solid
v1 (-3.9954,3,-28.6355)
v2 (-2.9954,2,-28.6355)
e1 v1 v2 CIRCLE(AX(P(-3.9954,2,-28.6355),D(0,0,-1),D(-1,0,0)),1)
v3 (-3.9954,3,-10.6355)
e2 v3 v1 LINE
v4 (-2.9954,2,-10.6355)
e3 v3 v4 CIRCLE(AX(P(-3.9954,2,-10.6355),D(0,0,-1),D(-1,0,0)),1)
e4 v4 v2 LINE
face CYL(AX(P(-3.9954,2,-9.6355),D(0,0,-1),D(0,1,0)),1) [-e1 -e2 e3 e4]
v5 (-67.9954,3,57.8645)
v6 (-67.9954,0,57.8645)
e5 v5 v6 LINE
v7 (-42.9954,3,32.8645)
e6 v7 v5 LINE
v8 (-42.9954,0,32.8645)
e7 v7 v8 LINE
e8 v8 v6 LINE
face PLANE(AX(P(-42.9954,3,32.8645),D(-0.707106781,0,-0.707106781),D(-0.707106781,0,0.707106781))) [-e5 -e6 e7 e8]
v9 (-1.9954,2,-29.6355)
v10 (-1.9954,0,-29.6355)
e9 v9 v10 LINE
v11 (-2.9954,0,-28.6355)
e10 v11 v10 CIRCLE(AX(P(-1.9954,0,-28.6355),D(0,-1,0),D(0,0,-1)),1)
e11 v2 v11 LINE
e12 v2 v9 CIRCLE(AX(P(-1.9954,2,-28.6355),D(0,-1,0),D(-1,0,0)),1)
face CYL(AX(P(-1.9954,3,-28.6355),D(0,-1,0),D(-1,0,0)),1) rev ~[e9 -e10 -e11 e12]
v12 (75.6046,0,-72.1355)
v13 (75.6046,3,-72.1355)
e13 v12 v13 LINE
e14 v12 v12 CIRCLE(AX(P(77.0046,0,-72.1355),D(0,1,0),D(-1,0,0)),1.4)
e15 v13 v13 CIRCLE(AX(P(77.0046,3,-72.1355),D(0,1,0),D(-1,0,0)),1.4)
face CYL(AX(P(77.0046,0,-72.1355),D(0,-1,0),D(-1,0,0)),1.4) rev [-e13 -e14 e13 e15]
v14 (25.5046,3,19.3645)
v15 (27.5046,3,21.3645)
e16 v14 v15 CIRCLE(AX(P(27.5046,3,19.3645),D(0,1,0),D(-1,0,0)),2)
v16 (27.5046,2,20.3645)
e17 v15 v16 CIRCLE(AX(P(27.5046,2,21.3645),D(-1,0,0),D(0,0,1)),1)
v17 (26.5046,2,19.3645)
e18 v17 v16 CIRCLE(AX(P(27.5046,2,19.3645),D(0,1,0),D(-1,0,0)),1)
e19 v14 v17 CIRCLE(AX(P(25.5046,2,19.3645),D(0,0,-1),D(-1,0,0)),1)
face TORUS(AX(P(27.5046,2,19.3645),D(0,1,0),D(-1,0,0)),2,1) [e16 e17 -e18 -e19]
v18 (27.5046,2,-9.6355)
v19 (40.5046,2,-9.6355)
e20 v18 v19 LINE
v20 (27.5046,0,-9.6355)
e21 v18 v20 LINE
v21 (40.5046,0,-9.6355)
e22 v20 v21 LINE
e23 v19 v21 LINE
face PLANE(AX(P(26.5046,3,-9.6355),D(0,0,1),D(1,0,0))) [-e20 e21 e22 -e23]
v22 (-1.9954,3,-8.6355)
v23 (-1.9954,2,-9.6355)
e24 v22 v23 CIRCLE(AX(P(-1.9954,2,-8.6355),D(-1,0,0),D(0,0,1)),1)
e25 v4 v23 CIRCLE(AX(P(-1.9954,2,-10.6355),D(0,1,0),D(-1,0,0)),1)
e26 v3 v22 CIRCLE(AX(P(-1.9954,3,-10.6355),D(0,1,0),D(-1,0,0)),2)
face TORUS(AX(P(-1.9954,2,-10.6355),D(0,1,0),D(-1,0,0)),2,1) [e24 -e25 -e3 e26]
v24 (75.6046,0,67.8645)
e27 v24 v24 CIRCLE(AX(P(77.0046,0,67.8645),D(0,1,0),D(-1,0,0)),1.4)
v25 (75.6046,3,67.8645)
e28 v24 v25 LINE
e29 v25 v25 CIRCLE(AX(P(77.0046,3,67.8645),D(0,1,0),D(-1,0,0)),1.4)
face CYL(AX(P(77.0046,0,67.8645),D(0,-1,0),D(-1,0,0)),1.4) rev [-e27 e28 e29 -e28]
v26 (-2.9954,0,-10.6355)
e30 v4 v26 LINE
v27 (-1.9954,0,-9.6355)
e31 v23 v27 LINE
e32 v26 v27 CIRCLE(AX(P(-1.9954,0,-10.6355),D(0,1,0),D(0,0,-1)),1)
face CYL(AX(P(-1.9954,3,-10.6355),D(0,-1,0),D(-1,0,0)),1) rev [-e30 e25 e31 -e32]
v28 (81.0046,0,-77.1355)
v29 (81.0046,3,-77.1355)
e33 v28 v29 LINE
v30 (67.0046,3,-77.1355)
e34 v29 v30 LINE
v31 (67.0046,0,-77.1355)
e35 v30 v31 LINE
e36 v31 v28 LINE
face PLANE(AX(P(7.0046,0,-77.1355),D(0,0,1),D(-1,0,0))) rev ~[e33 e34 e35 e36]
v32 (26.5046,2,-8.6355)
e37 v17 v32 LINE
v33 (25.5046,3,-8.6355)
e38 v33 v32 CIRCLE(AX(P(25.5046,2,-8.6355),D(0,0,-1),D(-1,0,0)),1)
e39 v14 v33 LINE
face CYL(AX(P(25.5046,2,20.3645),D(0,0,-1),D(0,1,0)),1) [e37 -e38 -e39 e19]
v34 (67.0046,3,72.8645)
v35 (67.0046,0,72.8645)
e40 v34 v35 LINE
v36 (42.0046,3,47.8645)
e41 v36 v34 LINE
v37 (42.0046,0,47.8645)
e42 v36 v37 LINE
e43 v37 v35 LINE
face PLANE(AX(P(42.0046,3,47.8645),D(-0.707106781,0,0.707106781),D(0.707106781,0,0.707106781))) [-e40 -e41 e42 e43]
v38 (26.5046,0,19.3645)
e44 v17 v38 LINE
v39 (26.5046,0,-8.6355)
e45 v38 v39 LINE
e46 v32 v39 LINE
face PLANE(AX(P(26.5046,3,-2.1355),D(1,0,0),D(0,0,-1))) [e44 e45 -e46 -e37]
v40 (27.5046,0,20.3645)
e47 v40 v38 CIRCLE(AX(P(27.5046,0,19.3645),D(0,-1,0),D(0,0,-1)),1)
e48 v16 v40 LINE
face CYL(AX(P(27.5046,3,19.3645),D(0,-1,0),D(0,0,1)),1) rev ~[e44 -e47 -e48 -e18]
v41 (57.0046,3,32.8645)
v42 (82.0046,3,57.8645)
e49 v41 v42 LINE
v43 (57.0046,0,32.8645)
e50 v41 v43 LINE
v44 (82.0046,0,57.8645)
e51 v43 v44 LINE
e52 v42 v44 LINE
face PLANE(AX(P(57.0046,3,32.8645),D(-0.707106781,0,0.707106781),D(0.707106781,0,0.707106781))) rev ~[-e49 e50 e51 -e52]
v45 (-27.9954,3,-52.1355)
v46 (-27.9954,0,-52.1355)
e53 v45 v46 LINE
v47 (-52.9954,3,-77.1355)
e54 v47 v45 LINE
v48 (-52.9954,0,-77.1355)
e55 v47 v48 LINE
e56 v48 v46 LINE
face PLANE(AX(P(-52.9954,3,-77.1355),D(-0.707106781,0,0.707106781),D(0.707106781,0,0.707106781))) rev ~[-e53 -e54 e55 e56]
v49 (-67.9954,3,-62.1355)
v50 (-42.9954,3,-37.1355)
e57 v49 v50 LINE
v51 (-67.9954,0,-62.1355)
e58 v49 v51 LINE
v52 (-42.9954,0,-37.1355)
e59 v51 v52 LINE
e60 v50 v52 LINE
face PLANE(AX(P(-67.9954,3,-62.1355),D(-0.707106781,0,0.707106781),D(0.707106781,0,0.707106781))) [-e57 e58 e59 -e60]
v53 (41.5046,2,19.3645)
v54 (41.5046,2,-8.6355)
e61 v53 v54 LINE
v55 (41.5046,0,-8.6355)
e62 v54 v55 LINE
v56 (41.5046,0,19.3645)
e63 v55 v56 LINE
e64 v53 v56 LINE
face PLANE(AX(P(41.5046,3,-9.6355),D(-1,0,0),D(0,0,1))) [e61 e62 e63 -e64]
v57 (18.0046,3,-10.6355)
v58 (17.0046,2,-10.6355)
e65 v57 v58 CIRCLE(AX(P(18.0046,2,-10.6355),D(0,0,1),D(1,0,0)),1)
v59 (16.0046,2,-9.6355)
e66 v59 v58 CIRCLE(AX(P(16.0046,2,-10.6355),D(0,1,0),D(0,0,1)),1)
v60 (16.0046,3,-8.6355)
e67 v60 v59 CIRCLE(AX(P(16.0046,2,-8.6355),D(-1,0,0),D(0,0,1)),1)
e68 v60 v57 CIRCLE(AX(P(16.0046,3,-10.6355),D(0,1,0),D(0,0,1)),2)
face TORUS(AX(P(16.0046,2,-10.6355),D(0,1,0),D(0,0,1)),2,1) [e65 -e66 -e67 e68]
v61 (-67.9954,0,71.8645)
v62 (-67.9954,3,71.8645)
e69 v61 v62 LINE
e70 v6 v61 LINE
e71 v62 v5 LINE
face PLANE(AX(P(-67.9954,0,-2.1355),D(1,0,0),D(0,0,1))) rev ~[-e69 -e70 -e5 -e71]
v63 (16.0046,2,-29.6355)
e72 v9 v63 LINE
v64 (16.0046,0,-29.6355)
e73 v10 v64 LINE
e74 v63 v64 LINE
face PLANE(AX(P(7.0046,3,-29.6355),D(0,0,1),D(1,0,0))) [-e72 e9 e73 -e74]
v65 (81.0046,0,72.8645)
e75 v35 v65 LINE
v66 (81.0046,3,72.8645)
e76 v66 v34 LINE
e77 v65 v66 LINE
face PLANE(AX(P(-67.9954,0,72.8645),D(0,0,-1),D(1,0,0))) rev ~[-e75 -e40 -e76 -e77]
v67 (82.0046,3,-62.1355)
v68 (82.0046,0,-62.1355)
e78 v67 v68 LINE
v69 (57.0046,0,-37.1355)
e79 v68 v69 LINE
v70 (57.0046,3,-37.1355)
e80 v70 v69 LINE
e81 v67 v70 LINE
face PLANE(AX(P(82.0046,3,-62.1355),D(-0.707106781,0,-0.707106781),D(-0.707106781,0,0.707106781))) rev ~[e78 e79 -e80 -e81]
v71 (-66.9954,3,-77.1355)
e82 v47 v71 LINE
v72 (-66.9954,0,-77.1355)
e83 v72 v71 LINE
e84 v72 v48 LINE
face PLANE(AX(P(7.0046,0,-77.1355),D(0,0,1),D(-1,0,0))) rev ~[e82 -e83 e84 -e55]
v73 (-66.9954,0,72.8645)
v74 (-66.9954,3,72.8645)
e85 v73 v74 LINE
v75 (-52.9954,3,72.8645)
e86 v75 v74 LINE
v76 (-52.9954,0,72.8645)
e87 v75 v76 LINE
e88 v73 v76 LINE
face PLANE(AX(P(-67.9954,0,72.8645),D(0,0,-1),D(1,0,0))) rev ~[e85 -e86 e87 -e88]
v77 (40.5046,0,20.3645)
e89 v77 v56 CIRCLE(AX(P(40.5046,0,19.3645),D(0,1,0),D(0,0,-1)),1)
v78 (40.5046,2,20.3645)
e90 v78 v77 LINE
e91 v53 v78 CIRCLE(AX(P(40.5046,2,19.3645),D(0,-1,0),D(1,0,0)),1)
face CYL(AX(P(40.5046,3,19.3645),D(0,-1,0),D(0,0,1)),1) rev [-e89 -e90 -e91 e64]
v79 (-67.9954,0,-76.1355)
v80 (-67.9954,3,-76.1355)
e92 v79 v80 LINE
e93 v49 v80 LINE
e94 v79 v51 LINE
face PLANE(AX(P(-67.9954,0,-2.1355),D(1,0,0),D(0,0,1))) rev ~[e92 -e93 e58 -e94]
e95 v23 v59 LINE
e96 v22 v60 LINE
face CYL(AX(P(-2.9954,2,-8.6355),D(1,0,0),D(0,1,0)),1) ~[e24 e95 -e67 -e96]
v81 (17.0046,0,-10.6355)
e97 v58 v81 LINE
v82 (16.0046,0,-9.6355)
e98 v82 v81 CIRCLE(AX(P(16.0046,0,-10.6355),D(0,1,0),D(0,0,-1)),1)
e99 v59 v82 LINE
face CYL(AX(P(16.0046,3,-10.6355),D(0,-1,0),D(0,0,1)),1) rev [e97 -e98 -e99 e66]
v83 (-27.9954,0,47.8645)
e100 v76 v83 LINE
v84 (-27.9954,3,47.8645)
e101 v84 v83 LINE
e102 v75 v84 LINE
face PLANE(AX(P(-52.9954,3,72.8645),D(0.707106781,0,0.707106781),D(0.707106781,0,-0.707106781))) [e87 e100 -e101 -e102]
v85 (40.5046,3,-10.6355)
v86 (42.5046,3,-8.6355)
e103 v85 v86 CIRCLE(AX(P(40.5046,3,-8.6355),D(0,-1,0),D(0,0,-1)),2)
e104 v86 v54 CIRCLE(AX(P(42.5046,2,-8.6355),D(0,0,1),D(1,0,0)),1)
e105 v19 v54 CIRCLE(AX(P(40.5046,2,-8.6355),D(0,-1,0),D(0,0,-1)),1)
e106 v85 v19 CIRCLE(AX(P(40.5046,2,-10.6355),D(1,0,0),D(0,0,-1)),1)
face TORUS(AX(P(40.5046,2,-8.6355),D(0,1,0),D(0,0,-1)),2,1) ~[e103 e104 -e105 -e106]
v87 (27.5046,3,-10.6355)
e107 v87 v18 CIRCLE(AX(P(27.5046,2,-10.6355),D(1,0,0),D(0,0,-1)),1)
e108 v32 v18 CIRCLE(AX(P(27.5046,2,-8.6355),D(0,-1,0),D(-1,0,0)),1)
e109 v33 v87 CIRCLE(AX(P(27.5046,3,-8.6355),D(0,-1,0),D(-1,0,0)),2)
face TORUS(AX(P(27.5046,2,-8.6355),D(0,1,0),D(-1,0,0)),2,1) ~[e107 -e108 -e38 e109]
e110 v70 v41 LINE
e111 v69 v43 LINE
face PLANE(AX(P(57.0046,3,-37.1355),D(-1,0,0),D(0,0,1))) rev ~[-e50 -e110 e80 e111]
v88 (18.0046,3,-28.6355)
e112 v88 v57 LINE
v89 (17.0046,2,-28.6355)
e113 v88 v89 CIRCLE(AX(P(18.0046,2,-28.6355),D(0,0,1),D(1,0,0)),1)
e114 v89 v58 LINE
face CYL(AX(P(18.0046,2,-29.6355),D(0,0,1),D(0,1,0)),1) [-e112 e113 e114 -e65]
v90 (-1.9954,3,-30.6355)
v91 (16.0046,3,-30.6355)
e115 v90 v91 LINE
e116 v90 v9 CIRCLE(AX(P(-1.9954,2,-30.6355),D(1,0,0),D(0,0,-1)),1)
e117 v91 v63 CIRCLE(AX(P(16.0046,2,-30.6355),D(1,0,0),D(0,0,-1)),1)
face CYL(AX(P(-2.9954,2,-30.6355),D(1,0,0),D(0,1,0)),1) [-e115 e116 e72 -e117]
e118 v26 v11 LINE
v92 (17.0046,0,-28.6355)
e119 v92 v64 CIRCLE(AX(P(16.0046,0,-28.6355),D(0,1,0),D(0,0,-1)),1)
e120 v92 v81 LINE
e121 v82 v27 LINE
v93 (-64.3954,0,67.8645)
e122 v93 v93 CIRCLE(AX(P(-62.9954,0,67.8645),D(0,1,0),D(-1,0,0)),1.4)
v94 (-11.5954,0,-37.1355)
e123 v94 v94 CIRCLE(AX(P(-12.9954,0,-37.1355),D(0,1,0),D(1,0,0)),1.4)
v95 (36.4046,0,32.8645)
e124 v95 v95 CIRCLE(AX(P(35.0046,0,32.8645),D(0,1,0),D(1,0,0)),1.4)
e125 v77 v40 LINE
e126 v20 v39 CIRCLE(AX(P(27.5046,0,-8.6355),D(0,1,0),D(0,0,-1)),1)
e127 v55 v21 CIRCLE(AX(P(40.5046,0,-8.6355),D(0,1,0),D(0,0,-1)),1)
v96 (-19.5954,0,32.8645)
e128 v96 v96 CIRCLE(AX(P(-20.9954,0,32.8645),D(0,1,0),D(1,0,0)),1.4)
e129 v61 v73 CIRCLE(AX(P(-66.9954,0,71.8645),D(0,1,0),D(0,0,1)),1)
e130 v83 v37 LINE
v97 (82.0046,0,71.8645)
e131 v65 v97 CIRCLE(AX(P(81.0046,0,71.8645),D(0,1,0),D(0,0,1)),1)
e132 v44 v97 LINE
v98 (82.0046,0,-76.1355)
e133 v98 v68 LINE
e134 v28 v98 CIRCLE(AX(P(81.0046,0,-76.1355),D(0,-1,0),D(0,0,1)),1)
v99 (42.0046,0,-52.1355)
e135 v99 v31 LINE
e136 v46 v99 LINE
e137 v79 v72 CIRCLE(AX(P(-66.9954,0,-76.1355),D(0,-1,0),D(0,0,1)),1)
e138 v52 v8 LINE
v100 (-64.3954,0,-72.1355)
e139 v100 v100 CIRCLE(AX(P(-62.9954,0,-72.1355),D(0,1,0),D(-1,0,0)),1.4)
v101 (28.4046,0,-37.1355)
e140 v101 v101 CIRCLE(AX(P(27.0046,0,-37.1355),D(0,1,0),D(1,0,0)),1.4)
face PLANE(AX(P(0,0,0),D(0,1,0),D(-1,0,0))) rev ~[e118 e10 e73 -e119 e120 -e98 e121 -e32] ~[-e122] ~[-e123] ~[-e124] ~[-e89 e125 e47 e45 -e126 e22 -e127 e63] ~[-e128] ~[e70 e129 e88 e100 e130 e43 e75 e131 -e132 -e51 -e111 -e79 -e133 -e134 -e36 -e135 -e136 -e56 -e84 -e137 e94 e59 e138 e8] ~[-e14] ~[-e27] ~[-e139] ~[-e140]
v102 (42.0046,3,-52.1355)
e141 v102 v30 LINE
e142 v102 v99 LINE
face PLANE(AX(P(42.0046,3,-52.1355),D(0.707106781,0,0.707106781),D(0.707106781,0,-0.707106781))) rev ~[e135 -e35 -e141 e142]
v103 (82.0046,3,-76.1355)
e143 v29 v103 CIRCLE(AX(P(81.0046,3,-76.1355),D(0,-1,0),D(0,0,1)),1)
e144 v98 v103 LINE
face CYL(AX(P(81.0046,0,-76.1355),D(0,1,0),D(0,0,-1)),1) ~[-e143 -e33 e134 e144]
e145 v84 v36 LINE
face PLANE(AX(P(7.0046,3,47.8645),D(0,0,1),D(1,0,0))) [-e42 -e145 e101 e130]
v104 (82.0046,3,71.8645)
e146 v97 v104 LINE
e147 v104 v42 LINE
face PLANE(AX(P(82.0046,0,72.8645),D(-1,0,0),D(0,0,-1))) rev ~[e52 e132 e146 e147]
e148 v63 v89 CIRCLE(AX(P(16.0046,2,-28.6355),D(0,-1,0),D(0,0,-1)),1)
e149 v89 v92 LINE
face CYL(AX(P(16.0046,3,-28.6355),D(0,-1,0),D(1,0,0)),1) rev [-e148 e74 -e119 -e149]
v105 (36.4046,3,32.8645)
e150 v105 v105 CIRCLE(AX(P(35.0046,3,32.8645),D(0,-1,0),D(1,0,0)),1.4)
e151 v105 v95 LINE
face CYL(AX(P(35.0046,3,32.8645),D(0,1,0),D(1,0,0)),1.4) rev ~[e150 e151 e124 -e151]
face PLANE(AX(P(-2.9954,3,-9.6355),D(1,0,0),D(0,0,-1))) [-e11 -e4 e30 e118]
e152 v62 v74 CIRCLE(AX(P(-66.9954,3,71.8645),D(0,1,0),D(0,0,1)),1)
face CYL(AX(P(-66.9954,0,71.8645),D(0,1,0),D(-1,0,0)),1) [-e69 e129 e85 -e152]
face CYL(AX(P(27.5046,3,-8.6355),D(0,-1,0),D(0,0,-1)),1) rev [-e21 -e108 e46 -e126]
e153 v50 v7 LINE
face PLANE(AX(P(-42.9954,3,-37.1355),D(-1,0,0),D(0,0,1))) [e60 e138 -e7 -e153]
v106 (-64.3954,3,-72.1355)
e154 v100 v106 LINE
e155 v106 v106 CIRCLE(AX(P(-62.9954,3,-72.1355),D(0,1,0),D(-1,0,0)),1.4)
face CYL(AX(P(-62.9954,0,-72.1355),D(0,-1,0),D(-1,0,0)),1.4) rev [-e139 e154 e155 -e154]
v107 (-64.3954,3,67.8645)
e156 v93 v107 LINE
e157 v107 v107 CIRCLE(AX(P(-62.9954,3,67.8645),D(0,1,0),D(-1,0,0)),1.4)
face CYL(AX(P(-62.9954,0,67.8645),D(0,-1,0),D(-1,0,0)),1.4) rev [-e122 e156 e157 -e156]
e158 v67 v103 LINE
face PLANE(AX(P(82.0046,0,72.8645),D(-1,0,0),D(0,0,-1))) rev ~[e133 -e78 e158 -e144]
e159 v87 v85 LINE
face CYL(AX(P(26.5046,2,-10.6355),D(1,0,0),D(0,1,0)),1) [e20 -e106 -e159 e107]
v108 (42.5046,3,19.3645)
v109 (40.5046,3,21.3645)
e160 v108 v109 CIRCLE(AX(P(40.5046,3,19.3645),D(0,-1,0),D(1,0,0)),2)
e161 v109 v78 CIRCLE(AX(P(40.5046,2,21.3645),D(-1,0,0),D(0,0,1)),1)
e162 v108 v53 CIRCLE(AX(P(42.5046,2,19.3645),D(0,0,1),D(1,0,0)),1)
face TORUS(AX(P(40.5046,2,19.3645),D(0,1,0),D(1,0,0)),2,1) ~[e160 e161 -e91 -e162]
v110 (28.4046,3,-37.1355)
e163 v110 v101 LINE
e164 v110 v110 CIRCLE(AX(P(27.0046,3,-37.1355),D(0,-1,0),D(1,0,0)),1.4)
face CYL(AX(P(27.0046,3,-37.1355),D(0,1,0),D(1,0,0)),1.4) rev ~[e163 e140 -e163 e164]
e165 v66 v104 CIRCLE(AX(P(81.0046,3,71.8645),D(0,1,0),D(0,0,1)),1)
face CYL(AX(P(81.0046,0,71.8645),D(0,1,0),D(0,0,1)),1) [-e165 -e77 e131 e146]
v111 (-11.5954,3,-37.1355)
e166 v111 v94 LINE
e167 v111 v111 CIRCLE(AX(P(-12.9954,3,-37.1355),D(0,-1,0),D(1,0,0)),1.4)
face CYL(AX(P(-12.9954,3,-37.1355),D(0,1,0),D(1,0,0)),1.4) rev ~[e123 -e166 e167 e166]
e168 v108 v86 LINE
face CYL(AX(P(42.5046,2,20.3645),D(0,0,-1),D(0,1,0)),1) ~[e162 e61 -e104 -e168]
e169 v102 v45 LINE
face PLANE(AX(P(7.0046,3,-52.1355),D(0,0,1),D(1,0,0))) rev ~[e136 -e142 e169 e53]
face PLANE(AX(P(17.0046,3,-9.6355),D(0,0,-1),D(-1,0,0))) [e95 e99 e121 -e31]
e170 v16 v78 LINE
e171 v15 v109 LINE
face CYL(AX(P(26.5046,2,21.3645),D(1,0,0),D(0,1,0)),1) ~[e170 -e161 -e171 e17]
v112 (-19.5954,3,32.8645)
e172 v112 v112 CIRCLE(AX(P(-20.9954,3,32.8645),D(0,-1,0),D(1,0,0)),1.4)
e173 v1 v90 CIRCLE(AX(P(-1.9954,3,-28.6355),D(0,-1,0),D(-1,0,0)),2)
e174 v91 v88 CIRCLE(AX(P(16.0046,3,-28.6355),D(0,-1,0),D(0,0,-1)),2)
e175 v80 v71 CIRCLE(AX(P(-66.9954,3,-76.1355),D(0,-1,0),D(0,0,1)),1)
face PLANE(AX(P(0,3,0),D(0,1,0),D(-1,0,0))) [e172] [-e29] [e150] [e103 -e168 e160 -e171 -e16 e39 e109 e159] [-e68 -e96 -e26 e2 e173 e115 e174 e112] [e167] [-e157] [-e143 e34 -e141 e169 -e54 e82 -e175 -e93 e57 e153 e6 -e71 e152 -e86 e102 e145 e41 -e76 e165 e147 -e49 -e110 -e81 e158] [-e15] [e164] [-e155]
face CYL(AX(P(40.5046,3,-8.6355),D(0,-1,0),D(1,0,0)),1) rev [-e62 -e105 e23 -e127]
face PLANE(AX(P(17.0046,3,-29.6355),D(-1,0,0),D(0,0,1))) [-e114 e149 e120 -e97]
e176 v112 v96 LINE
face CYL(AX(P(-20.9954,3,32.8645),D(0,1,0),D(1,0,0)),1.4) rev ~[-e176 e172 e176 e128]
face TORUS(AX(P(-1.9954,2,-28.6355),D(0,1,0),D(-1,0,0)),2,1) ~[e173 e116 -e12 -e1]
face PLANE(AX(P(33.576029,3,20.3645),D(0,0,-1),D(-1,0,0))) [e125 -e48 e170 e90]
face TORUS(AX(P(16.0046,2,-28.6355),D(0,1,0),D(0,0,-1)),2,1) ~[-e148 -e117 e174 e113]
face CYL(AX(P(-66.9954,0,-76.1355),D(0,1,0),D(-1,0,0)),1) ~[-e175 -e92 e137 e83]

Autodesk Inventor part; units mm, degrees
ref_plane "YZ Plane" through (0, 0, 0) normal (1, 0, 0) x (0, 1, 0)
ref_plane "XZ Plane" through (0, 0, 0) normal (0, 1, 0) x (-1, 0, 0)
ref_plane "XY Plane" through (0, 0, 0) normal (0, 0, 1) x (1, 0, 0)
sketch "Sketch2" plane through (0, 0, 0) normal (0, 1, 0) x (-1, 0, 0)
  line L0 (67.9954, 72.8645) -> (-82.0046, 72.8645)
  line L1 (-82.0046, 72.8645) -> (-82.0046, -77.1355)
  line L2 (-82.0046, -77.1355) -> (67.9954, -77.1355)
  line L3 (67.9954, -77.1355) -> (67.9954, 72.8645)
  circle A0 centre (62.9954, 67.8645) radius 1.4
  line L4 (67.9954, -2.1355) -> (-82.0046, -2.1355)
  line L5 (-7.0046, 72.8645) -> (-7.0046, -77.1355)
  circle A1 centre (62.9954, -72.1355) radius 1.4
  circle A2 centre (-77.0046, 67.8645) radius 1.4
  circle A3 centre (-77.0046, -72.1355) radius 1.4
  point P0 (0, 0)
  dimension "d0" = 150
  dimension "d1" = 150
  dimension "d2" = 5
  dimension "d3" = 5
  dimension "d43" = 2.8
extrude "Extrusion1" add sketch "Sketch2" along normal blind 3
sketch "Sketch4" plane through (0, 3, 0) normal (0, 1, 0) x (1, 0, 0)
  line L0 (-12.9954, 37.1355) -> (27.0046, 37.1355)
  line L1 (27.0046, 37.1355) -> (35.0046, -32.8645)
  line L2 (35.0046, -32.8645) -> (-20.9954, -32.8645)
  line L3 (-20.9954, -32.8645) -> (-12.9954, 37.1355)
  line L4 (7.0046, 37.1355) -> (7.0046, -32.8645)
  line L5 (82.0046, -72.8645) -> (82.0046, 77.1355) projected
  line L6 (-16.9954, 2.1355) -> (31.0046, 2.1355)
  line L7 (82.0046, 77.1355) -> (-67.9954, 77.1355) projected
  circle A0 centre (-12.9954, 37.1355) radius 1.4
  circle A1 centre (27.0046, 37.1355) radius 1.4
  circle A2 centre (35.0046, -32.8645) radius 1.4
  circle A3 centre (-20.9954, -32.8645) radius 1.4
  line L8 (26.5046, 9.6355) -> (41.5046, 9.6355)
  line L9 (41.5046, 9.6355) -> (41.5046, -20.3645)
  line L10 (41.5046, -20.3645) -> (26.5046, -20.3645)
  line L11 (26.5046, -20.3645) -> (26.5046, 9.6355)
  line L12 (26.5046, -5.3645) -> (41.5046, -5.3645)
  line L13 (34.0046, 9.6355) -> (34.0046, -20.3645)
  line L14 (-2.9954, 29.6355) -> (17.0046, 29.6355)
  line L15 (17.0046, 29.6355) -> (17.0046, 9.6355)
  line L16 (17.0046, 9.6355) -> (-2.9954, 9.6355)
  line L17 (-2.9954, 9.6355) -> (-2.9954, 29.6355)
  point P0 (0, 0)
  dimension "d17" = 40
  dimension "d18" = 56
  dimension "d19" = 75
  dimension "d20" = 75
  dimension "d21" = 2.8
  dimension "d22" = 2.8
  dimension "d23" = 2.8
  dimension "d24" = 2.8
  dimension "d45" = 70
  dimension "d51" = 15
  dimension "d52" = 30
  dimension "d53" = 27.5
  dimension "d54" = 1
  dimension "d68" = 10
  dimension "d69" = 10
  dimension "d70" = 20
extrude "Extrusion6" cut sketch "Sketch4" against normal through all contours L3 A0 L0 | L0 A0 L3 | A1 L1 L0 | L0 L1 A1 | L14 L15 L16 L4 | L4 L16 L17 L14 | A3 L2 L3 | L3 L2 A3 | L11 L8 L1 L6 | L6 L1 L12 L11 | L8 L13 L12 L1 | A2 L1 L2 | L2 L1 A2 | L12 L1 L10 L11 | L8 L9 L12 L13 | L12 L13 L10 L1 | L12 L9 L10 L13
fillet "Fillet5" radius 1 20 edges at (26.5046, 3, 5.3645) (34.0046, 3, -9.6355) (41.5046, 3, 5.3645) (34.0046, 3, 20.3645) (82.0046, 1.5, 72.8645) (82.0046, 1.5, -77.1355) (-67.9954, 1.5, 72.8645) (-67.9954, 1.5, -77.1355) (41.5046, 1.5, -9.6355) (26.5046, 1.5, -9.6355) (26.5046, 1.5, 20.3645) (41.5046, 1.5, 20.3645) (-2.9954, 3, -19.6355) (7.0046, 3, -29.6355) (-2.9954, 1.5, -29.6355) (7.0046, 3, -9.6355) (17.0046, 3, -19.6355) (17.0046, 1.5, -9.6355) (-2.9954, 1.5, -9.6355) (17.0046, 1.5, -29.6355)
sketch "Sketch8" plane through (0, 3, 0) normal (0, 1, 0) x (1, 0, 0)
  line L0 (-67.9954, 76.1355) -> (-67.9954, -71.8645) projected
  line L1 (-67.9954, 62.1355) -> (-42.9954, 37.1355)
  line L2 (-42.9954, 37.1355) -> (-42.9954, -32.8645)
  line L3 (-42.9954, -32.8645) -> (-67.9954, -57.8645)
  line L4 (81.0046, 77.1355) -> (-66.9954, 77.1355) projected
  line L5 (7.0046, 77.1355) -> (7.0046, -72.8645)
  line L6 (-66.9954, -72.8645) -> (81.0046, -72.8645) projected
  line L7 (82.0046, 62.1355) -> (57.0046, 37.1355)
  line L8 (57.0046, 37.1355) -> (57.0046, -32.8645)
  line L9 (57.0046, -32.8645) -> (82.0046, -57.8645)
  line L10 (-52.9954, 77.1355) -> (-27.9954, 52.1355)
  line L11 (-27.9954, 52.1355) -> (42.0046, 52.1355)
  line L12 (42.0046, 52.1355) -> (67.0046, 77.1355)
  line L13 (-52.9954, -72.8645) -> (-27.9954, -47.8645)
  line L14 (-27.9954, -47.8645) -> (42.0046, -47.8645)
  line L15 (42.0046, -47.8645) -> (67.0046, -72.8645)
  line L16 (82.0046, -71.8645) -> (82.0046, 76.1355) projected
  point P0 (0, 0)
  dimension "d56" = 25
  dimension "d57" = 15
  dimension "d58" = 15
  dimension "d59" = 25
  dimension "d60" = 25
  dimension "d61" = 15
  dimension "d62" = 15
  dimension "d63" = 15
  dimension "d64" = 25
  dimension "d65" = 25
extrude "Extrusion7" cut sketch "Sketch8" against normal through all
equation "\"d1\" = d0"
equation "\"d22\" = d21"
equation "\"d23\" = d21"
equation "\"d24\" = d21"
properties part number "agv_nano_base"
